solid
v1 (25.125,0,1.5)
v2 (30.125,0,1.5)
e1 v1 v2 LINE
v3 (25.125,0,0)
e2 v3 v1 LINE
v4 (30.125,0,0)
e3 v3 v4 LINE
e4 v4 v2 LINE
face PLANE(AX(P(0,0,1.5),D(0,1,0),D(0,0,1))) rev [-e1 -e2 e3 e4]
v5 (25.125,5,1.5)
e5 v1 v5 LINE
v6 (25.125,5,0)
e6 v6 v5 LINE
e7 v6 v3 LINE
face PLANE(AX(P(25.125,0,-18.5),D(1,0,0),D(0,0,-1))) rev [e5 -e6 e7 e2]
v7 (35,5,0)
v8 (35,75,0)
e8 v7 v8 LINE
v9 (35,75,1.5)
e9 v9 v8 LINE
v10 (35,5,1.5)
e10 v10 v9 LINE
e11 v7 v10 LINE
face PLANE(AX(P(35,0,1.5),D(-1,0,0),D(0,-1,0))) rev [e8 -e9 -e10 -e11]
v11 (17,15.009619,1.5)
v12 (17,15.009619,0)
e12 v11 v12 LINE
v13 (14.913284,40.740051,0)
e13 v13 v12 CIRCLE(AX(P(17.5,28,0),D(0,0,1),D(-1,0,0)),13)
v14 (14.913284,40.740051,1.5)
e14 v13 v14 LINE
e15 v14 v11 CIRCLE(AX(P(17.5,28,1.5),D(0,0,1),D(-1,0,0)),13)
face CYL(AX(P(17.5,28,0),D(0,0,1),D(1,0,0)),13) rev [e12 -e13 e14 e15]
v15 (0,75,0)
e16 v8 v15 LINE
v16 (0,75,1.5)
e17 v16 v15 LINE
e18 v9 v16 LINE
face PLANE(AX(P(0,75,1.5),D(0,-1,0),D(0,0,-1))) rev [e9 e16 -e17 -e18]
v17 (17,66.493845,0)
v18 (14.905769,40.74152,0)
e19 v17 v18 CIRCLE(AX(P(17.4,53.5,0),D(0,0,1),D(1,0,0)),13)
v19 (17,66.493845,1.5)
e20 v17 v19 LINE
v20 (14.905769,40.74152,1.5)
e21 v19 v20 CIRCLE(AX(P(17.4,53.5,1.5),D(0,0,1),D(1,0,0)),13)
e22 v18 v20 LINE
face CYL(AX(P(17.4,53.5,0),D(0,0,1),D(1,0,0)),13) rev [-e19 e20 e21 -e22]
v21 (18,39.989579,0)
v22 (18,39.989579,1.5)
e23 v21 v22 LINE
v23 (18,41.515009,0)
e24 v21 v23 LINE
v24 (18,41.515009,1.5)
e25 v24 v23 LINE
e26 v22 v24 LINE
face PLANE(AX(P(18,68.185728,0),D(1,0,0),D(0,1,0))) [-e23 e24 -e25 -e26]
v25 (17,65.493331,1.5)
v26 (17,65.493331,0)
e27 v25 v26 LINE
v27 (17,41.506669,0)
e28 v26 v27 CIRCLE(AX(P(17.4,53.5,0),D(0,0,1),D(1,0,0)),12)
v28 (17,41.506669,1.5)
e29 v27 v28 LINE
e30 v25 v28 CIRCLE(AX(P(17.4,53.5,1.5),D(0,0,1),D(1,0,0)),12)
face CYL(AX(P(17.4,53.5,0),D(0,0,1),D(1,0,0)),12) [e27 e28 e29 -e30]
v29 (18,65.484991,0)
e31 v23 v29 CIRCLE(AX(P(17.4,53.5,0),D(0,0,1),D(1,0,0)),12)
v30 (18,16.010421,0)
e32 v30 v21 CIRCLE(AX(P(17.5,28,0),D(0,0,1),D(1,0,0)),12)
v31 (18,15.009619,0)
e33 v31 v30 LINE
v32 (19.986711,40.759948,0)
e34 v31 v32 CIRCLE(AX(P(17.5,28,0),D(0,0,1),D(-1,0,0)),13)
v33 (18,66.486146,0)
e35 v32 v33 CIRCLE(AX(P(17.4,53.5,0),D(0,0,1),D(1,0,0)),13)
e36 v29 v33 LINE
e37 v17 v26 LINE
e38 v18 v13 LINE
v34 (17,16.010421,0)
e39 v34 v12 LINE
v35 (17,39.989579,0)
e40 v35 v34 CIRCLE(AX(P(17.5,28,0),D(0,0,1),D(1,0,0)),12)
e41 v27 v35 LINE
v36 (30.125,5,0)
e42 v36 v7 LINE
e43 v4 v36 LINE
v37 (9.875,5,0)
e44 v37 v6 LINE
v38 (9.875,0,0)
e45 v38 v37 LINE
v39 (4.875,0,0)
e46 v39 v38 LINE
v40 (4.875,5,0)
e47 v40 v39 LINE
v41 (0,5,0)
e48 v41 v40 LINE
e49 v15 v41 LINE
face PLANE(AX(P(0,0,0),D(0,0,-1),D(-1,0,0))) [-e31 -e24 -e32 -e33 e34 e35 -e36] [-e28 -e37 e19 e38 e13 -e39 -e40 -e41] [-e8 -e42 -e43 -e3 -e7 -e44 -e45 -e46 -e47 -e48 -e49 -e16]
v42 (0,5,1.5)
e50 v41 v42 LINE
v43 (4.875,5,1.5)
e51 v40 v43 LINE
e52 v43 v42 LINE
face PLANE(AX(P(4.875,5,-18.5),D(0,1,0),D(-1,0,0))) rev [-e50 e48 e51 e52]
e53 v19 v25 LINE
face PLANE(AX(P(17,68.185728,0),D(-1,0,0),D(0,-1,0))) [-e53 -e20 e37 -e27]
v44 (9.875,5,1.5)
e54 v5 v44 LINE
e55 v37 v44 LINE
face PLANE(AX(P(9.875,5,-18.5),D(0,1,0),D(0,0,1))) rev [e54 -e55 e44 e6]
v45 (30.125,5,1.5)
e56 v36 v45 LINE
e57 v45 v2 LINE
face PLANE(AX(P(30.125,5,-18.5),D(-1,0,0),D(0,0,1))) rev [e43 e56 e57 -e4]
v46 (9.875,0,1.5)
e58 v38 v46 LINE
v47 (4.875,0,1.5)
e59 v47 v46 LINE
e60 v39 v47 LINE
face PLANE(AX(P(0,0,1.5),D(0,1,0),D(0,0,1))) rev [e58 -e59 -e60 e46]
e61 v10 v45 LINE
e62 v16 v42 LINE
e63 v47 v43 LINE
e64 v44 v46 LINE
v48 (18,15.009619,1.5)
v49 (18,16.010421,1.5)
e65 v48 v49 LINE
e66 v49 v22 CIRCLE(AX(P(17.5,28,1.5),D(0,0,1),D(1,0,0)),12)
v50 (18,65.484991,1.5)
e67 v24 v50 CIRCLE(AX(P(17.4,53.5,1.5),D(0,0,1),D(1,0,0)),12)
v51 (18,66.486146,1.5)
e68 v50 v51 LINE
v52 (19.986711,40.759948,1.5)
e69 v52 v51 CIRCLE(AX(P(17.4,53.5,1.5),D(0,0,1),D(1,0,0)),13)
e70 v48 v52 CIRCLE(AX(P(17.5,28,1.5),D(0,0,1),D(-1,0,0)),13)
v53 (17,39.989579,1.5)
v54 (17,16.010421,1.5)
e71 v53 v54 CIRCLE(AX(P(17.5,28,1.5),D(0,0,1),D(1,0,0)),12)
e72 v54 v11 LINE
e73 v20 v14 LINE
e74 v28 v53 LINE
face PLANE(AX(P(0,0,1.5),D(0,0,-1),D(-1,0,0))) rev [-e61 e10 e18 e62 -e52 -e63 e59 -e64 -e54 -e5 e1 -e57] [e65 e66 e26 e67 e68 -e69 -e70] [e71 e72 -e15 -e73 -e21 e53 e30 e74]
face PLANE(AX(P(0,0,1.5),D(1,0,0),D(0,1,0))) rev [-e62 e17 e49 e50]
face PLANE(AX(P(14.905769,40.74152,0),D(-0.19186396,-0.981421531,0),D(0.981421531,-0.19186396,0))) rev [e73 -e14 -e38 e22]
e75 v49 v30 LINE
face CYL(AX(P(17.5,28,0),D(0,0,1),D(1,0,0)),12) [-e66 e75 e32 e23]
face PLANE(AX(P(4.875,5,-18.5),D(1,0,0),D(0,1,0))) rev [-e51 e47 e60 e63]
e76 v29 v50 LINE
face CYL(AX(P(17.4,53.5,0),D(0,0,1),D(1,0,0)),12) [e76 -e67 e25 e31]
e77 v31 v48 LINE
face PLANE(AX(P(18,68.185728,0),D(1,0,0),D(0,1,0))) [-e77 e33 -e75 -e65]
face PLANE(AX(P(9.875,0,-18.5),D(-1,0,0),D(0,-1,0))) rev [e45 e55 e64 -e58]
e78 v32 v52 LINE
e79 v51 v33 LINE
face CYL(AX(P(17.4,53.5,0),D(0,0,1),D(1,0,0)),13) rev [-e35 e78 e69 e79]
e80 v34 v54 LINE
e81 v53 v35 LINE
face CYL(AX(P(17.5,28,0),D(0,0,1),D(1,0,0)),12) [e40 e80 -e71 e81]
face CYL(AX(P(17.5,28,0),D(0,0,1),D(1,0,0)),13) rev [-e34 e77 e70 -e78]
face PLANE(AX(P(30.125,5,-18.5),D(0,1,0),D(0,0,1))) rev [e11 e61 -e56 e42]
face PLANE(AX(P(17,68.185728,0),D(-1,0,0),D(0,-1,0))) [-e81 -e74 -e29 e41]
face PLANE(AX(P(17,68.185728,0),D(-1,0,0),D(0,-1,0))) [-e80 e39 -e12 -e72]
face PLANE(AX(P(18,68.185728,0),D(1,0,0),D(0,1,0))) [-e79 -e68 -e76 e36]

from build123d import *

# Parameters (mm, degrees)
SKIZZE1_W                        = 35
SKIZZE1_H                        = 75
AUFSATZ_LINEAR_AUSTRAGEN1_DEPTH  = 1.5
SKIZZE3_W                        = 15.25
SKIZZE3_H                        = 5
SKIZZE3_W_2                      = 4.875
SCHNITT_LINEAR_AUSTRAGEN12_DEPTH = 20
SKIZZE13_R                       = 12
SCHNITT_LINEAR_AUSTRAGEN18_DEPTH = 1.5
SKIZZE14_W                       = 1
SKIZZE14_H                       = 57.312152727
AUFSATZ_LINEAR_AUSTRAGEN8_DEPTH  = 1.5


with BuildPart() as part:
    # Skizze1 → Aufsatz-Linear austragen1 (new body)
    with BuildSketch(Plane.XY):
        with Locations((17.5, 37.5)):
            Rectangle(SKIZZE1_W, SKIZZE1_H)
    extrude(amount=AUFSATZ_LINEAR_AUSTRAGEN1_DEPTH)

    # Skizze3 → Schnitt-Linear austragen12 (cut)
    with BuildSketch(Plane.XY.offset(1.5)):
        with Locations((17.5, 2.5)):
            Rectangle(SKIZZE3_W, SKIZZE3_H)
        with Locations((32.5625, 2.5)):
            Rectangle(SKIZZE3_W_2, SKIZZE3_H)
        with Locations((2.4375, 2.5)):
            Rectangle(SKIZZE3_W_2, SKIZZE3_H)
    extrude(amount=-SCHNITT_LINEAR_AUSTRAGEN12_DEPTH, mode=Mode.SUBTRACT)

    # Skizze13 → Schnitt-Linear austragen18 (cut)
    with BuildSketch(Plane.XY.offset(1.5)):
        with BuildLine():
            Line((14.905768525, 40.7415201), (14.913283553, 40.740050943))
            ThreePointArc((14.913283553, 40.740050943), (17.550982946, 15.000099972), (19.986710673, 40.759947885))
            ThreePointArc((19.986710673, 40.759947885), (17.352851338, 66.4999145), (14.905768525, 40.7415201))
        make_face()
        with Locations((17.4, 53.5)):
            Circle(SKIZZE13_R, mode=Mode.SUBTRACT)
        with Locations((17.5, 28)):
            Circle(SKIZZE13_R, mode=Mode.SUBTRACT)
    extrude(amount=-SCHNITT_LINEAR_AUSTRAGEN18_DEPTH, mode=Mode.SUBTRACT)


with BuildPart() as schnitt_linear_austragen18_piece_1:
    # of the separate pieces the step leaves, piece 1, a body of its own (schnitt_linear_austragen18_pieces)
    add(part.part.solids().sort_by_distance((4.875, 0, 0))[0])



with BuildPart() as schnitt_linear_austragen18_piece_2:
    # of the separate pieces the step leaves, piece 2, a body of its own (schnitt_linear_austragen18_pieces)
    add(part.part.solids().sort_by_distance((29.4, 53.5, 0))[0])


with BuildPart() as schnitt_linear_austragen18_piece_3:
    # of the separate pieces the step leaves, piece 3, a body of its own (schnitt_linear_austragen18_pieces)
    add(part.part.solids().sort_by_distance((29.5, 28, 0))[0])


with BuildPart() as schnitt_linear_austragen18_piece_1_1:
    add(schnitt_linear_austragen18_piece_1.part)

    add(schnitt_linear_austragen18_piece_2.part)  # Aufsatz-Linear austragen8 merges Schnitt-Linear austragen18 piece 2

    add(schnitt_linear_austragen18_piece_3.part)  # Aufsatz-Linear austragen8 merges Schnitt-Linear austragen18 piece 3
    # Skizze14 → Aufsatz-Linear austragen8 (add)
    with BuildSketch(Plane.XY.offset(1.5)):
        with Locations((17.5, 39.529651928)):
            Rectangle(SKIZZE14_W, SKIZZE14_H)
    extrude(amount=-AUFSATZ_LINEAR_AUSTRAGEN8_DEPTH)


solid = schnitt_linear_austragen18_piece_1_1.part
